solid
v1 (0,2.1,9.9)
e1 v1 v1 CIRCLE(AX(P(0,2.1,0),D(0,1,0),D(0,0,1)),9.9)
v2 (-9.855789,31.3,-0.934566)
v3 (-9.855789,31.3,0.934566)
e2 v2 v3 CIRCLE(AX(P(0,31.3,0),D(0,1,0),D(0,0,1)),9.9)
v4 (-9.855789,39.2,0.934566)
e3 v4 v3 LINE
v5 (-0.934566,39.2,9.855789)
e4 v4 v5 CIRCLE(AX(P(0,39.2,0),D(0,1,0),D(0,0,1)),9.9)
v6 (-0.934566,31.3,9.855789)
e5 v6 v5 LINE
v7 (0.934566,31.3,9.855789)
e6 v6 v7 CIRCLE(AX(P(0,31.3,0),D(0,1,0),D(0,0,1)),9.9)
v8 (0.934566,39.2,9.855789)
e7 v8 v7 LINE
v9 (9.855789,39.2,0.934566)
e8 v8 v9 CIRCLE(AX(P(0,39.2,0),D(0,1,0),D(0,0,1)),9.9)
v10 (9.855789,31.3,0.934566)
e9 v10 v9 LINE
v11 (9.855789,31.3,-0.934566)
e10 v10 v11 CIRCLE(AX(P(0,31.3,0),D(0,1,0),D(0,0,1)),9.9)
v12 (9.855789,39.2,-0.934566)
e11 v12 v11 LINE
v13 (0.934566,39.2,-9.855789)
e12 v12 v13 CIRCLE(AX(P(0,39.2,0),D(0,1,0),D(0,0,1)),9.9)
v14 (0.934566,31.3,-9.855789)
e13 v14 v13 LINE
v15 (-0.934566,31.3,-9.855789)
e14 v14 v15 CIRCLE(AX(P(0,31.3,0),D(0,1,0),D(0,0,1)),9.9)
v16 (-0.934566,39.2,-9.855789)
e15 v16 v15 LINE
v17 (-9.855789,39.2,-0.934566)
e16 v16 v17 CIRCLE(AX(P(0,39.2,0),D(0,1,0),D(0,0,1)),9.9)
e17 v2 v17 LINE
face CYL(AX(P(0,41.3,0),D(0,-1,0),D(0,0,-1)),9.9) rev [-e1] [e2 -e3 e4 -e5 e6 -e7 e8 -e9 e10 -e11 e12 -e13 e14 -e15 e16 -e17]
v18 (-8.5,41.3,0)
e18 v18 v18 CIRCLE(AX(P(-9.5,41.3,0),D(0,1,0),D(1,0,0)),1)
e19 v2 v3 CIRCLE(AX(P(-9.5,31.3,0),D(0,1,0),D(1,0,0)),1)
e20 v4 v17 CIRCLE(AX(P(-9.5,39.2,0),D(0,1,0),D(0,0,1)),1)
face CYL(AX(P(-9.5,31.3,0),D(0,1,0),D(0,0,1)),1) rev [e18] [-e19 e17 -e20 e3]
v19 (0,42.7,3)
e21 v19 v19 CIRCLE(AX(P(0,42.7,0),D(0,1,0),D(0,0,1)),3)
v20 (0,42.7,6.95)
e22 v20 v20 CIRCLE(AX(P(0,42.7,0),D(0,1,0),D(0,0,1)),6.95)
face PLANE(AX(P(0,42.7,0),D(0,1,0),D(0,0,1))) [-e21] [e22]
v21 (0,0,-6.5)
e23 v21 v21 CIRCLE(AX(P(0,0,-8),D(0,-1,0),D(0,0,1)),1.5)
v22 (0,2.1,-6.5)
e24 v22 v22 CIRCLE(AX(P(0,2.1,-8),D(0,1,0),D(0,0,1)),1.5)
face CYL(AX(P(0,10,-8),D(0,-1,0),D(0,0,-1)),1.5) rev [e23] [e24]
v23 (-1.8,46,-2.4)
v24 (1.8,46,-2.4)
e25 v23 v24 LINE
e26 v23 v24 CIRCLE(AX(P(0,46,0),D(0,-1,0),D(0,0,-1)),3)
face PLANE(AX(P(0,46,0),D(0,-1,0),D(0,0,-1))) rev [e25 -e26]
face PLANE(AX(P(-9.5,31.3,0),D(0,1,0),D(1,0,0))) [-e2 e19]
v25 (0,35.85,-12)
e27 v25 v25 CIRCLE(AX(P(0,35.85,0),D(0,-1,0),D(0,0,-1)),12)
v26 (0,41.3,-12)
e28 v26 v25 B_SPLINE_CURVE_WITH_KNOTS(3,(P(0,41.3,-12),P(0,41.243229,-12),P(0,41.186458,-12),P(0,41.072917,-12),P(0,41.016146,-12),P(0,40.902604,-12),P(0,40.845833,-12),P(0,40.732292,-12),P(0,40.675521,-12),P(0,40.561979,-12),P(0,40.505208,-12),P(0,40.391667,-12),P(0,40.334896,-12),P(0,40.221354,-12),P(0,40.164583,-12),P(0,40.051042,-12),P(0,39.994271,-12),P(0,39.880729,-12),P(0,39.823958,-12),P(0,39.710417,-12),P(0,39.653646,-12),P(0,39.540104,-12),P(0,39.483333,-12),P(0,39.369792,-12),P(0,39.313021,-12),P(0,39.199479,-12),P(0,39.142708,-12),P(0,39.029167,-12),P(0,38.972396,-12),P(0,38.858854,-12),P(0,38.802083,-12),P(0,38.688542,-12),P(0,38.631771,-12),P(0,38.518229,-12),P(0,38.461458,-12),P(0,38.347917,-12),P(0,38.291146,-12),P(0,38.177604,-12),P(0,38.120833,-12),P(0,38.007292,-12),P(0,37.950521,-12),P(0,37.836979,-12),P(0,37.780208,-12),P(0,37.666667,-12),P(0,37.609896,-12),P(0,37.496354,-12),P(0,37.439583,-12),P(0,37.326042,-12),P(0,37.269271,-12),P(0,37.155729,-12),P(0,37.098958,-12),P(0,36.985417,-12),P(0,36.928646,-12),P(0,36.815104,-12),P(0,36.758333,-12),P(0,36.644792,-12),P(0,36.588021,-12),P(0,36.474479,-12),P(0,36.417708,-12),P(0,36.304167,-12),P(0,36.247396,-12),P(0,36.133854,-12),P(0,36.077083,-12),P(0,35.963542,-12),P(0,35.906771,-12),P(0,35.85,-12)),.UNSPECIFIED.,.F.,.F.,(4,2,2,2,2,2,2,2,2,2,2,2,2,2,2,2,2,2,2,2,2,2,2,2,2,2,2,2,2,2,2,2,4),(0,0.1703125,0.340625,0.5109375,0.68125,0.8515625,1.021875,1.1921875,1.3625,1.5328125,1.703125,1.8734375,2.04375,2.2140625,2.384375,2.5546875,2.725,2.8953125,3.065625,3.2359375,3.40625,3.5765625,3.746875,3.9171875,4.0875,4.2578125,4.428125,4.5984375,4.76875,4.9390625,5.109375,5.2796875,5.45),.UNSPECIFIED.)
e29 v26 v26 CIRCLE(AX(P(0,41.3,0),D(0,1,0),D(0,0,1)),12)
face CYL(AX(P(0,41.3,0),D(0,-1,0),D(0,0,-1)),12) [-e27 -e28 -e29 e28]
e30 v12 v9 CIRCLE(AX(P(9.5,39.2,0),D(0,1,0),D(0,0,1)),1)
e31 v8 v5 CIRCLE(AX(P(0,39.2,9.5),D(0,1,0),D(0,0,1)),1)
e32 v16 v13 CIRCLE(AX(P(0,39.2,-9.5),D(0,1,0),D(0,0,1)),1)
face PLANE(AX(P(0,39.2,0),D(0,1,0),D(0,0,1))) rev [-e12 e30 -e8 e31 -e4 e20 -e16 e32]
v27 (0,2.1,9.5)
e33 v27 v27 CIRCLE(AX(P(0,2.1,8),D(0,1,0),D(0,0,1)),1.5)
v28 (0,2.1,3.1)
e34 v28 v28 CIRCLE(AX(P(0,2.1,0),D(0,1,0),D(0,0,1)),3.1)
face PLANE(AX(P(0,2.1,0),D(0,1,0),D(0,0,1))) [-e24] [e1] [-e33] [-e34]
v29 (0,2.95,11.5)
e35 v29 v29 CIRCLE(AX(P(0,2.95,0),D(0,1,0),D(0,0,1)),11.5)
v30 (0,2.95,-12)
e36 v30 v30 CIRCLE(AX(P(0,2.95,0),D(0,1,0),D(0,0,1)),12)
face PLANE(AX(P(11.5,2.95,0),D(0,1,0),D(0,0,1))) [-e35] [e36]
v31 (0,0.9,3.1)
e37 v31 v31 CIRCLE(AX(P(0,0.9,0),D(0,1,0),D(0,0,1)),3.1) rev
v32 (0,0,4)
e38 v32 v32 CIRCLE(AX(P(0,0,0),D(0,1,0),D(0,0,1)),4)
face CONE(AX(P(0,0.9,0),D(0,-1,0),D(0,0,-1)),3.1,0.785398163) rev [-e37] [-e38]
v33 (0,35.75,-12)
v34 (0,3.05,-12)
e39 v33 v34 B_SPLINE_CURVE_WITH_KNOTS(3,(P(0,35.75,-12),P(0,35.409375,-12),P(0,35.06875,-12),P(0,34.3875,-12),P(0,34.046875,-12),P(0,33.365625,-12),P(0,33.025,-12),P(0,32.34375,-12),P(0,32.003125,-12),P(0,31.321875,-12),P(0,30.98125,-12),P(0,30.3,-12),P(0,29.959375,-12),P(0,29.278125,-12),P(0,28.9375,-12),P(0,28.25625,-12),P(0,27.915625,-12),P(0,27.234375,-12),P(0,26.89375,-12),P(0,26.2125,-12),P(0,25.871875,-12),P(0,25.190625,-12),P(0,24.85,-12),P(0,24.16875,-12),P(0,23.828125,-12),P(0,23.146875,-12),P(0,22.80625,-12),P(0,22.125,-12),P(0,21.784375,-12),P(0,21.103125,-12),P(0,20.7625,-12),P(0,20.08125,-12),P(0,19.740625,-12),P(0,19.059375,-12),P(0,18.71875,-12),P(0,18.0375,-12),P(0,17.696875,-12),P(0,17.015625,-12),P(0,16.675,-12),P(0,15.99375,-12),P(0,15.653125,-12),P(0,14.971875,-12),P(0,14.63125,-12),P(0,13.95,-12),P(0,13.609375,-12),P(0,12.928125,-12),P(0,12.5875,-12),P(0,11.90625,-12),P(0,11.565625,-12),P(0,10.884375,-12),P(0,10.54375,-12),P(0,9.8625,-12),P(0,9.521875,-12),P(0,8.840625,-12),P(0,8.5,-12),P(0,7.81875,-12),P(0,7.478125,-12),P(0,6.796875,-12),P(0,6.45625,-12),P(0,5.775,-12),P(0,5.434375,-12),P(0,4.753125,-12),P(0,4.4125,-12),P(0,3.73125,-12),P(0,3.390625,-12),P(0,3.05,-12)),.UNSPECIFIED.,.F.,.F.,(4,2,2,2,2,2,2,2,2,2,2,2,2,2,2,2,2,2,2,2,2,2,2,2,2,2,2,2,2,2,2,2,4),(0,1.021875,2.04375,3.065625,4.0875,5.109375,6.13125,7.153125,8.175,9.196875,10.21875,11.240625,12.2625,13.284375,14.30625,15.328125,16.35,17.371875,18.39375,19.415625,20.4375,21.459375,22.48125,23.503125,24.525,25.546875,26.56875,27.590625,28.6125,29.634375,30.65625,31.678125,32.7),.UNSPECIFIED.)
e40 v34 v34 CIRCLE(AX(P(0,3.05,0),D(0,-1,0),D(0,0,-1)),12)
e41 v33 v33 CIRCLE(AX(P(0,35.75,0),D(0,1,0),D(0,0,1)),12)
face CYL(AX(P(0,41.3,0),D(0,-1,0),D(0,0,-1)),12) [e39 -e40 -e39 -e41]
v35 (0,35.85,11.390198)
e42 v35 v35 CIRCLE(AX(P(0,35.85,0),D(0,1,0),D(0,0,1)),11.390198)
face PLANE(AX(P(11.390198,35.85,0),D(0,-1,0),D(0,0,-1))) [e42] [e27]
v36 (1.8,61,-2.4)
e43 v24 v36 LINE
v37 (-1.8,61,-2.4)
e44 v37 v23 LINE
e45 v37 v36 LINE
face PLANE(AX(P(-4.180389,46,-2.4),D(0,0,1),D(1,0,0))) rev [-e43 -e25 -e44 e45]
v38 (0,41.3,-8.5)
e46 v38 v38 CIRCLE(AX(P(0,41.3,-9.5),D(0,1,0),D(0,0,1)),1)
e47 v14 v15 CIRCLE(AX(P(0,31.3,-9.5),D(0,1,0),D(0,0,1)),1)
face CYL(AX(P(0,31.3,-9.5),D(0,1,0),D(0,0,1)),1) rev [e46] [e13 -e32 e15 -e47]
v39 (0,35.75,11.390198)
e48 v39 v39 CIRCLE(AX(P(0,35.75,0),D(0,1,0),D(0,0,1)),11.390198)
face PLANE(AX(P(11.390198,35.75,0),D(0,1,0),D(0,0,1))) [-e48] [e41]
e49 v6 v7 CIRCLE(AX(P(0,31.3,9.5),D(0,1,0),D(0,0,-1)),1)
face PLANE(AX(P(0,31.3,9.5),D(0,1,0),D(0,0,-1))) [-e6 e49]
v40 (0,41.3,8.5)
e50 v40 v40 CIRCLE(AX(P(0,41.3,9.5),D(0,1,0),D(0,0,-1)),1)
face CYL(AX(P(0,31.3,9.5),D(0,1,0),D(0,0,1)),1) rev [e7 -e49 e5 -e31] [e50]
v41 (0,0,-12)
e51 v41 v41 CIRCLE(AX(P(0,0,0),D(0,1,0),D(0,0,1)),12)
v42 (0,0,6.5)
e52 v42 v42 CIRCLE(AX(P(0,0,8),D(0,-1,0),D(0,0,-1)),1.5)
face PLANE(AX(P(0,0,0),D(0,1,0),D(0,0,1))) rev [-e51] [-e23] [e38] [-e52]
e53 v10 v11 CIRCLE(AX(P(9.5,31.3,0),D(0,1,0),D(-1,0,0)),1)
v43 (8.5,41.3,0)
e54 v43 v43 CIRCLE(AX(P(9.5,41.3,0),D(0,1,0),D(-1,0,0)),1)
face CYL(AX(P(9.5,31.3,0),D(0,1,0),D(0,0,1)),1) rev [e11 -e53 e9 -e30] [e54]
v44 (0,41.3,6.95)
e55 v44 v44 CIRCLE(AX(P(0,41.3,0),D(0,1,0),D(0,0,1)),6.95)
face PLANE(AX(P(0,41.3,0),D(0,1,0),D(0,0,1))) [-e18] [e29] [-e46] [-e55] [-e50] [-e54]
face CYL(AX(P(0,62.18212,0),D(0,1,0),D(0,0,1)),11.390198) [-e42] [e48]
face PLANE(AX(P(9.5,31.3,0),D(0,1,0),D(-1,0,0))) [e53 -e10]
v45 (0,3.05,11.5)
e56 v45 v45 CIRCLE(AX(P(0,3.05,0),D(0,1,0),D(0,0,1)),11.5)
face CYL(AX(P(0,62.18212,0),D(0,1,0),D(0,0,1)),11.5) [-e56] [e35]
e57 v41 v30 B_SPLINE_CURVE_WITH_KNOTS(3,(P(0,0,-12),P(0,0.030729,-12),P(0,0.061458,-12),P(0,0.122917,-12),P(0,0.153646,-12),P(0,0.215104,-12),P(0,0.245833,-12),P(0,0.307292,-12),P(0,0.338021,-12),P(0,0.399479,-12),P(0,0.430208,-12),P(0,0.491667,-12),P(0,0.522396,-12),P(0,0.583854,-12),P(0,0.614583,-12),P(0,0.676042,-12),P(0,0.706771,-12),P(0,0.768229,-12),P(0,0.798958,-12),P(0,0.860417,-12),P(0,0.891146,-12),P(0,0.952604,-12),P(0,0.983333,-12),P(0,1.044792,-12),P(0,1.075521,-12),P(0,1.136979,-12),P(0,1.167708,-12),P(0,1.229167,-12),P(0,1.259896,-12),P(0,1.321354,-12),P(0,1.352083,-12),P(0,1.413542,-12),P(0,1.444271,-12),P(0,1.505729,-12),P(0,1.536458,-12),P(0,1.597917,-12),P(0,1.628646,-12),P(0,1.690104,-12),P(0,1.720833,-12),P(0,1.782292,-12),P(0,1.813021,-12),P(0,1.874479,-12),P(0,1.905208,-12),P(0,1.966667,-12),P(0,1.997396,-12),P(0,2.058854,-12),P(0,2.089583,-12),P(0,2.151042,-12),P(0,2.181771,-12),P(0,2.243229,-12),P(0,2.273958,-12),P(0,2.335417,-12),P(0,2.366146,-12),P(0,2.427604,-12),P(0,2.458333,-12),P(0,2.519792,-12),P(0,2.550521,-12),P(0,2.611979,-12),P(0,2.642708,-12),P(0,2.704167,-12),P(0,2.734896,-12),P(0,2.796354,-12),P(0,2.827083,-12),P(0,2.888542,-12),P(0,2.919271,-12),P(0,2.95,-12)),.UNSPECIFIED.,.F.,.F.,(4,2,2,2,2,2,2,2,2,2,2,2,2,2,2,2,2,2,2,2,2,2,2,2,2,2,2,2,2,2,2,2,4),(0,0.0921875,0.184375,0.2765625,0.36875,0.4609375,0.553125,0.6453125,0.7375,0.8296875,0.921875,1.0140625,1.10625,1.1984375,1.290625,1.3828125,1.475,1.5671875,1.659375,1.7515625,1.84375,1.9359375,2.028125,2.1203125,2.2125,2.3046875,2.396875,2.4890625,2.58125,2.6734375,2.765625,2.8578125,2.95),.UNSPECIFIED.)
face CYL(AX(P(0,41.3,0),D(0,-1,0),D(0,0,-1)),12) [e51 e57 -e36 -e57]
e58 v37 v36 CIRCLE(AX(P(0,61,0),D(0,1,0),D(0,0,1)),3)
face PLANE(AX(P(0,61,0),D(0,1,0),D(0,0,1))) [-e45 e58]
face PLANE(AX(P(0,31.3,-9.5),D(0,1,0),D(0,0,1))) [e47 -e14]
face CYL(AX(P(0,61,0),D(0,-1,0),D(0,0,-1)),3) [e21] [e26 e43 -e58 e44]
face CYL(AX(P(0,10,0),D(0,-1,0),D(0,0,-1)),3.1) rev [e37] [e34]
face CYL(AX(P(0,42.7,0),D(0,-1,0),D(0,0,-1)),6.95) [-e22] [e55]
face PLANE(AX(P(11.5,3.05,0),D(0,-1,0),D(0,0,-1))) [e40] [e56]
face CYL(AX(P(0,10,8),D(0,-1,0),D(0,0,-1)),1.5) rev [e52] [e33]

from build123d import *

# Parameters (mm, degrees)
SKETCH_1_R               = 12
EXTRUDE_1_DEPTH          = 41.3
SHELL_6_T                = 2.1
SKETCH_2_R               = 6.95
EXTRUDE_2_DEPTH          = 1.4
SKETCH_3_R               = 3
EXTRUDE_3_DEPTH          = 18.3
CUT_EXTRUDE_1_DEPTH      = 15
SKETCH_5_R               = 3.1
CUT_EXTRUDE_2_DEPTH      = 10
CHAMFER_1_SIZE           = 0.9
SKETCH_7_R               = 1
CUT_EXTRUDE_3_DEPTH      = 10
PATTERN_CIRCULAR_1_COUNT = 4
SKETCH_8_R               = 1.5
CUT_EXTRUDE_4_DEPTH      = 10
PATTERN_CIRCULAR_2_COUNT = 2
SKETCH_10_W              = 1
SKETCH_10_H              = 0.1


with BuildPart() as part:
    # 草图1 → 凸台-拉伸1 (new body)
    with BuildSketch(Plane(origin=(0, 0, 0), x_dir=(1, 0, 0), z_dir=(0, 1, 0))):
        with Locations(Location((0, 0, 0), (0, 0, 90))):
            Circle(SKETCH_1_R)
    extrude(amount=EXTRUDE_1_DEPTH)

    # 抽壳6 (no face opened: a closed hollow body)
    add(offset(amount=-SHELL_6_T, mode=Mode.PRIVATE), mode=Mode.SUBTRACT)

    # 草图2 → 凸台-拉伸2 (add)
    with BuildSketch(Plane(origin=(0, 41.3, 0), x_dir=(1, 0, 0), z_dir=(0, 1, 0))):
        with Locations(Location((0, 0, 0), (0, 0, 270))):
            Circle(SKETCH_2_R)
    extrude(amount=EXTRUDE_2_DEPTH)

    # 草图3 → 凸台-拉伸3 (add)
    with BuildSketch(Plane(origin=(0, 42.7, 0), x_dir=(1, 0, 0), z_dir=(0, 1, 0))):
        with Locations(Location((0, 0, 0), (0, 0, 270))):
            Circle(SKETCH_3_R)
    extrude(amount=EXTRUDE_3_DEPTH)

    # 草图4 → 切除-拉伸1 (cut)
    with BuildSketch(Plane(origin=(0, 61, 0), x_dir=(1, 0, 0), z_dir=(0, 1, 0))):
        Polygon((-4.180388969, 2.4), (5.154958177, 2.4), (-0.718103627, 5.682759436), align=None)
    extrude(amount=-CUT_EXTRUDE_1_DEPTH, mode=Mode.SUBTRACT)

    # 草图5 → 切除-拉伸2 (cut)
    with BuildSketch(Plane.XZ):
        with Locations(Location((0, 0, 0), (0, 0, 270))):
            Circle(SKETCH_5_R)
    extrude(amount=-CUT_EXTRUDE_2_DEPTH, mode=Mode.SUBTRACT)

    # 倒角1
    chamfer_1_edges = [part.edges().sort_by_distance(p)[0] for p in [
        (0, 0, 3.1),
    ]]
    chamfer(chamfer_1_edges, length=CHAMFER_1_SIZE)

    # 草图7 → 切除-拉伸3 (cut)
    with BuildSketch(Plane(origin=(0, 41.3, 0), x_dir=(1, 0, 0), z_dir=(0, 1, 0))):
        with Locations(Location((0, 9.5, 0), (0, 0, 270))):
            Circle(SKETCH_7_R)
    cut_extrude_3 = extrude(amount=-CUT_EXTRUDE_3_DEPTH, mode=Mode.SUBTRACT)

    # 阵列(圆周)1: 切除-拉伸3 ×4 about axis
    pattern_circular_1_axis = Axis((0, 0, 0), (0, 1, 0))
    for i in range(1, PATTERN_CIRCULAR_1_COUNT):
        add(cut_extrude_3.rotate(pattern_circular_1_axis, i * 360 / PATTERN_CIRCULAR_1_COUNT), mode=Mode.SUBTRACT)

    # 草图8 → 切除-拉伸4 (cut)
    with BuildSketch(Plane.XZ):
        with Locations(Location((0, 8, 0), (0, 0, 270))):
            Circle(SKETCH_8_R)
    cut_extrude_4 = extrude(amount=-CUT_EXTRUDE_4_DEPTH, mode=Mode.SUBTRACT)

    # 阵列(圆周)2: 切除-拉伸4 ×2 about axis
    pattern_circular_2_axis = Axis((0, 0, 0), (0, 1, 0))
    for i in range(1, PATTERN_CIRCULAR_2_COUNT):
        add(cut_extrude_4.rotate(pattern_circular_2_axis, i * 360 / PATTERN_CIRCULAR_2_COUNT), mode=Mode.SUBTRACT)

    # 草图10 → 切除-旋转1 (revolve, cut)
    with BuildSketch(Plane.XY, mode=Mode.PRIVATE) as cut_revolve_1_sk:
        with Locations((11.890198227, 35.8)):
            Rectangle(SKETCH_10_W, SKETCH_10_H)
        with Locations((12, 3)):
            Rectangle(SKETCH_10_W, SKETCH_10_H)
    revolve(cut_revolve_1_sk.sketch.rotate(Axis((0, 62.182119541, 0), (0, -1, 0)), 233.130102354), axis=Axis((0, 62.182119541, 0), (0, -1, 0)), mode=Mode.SUBTRACT)


solid = part.part
